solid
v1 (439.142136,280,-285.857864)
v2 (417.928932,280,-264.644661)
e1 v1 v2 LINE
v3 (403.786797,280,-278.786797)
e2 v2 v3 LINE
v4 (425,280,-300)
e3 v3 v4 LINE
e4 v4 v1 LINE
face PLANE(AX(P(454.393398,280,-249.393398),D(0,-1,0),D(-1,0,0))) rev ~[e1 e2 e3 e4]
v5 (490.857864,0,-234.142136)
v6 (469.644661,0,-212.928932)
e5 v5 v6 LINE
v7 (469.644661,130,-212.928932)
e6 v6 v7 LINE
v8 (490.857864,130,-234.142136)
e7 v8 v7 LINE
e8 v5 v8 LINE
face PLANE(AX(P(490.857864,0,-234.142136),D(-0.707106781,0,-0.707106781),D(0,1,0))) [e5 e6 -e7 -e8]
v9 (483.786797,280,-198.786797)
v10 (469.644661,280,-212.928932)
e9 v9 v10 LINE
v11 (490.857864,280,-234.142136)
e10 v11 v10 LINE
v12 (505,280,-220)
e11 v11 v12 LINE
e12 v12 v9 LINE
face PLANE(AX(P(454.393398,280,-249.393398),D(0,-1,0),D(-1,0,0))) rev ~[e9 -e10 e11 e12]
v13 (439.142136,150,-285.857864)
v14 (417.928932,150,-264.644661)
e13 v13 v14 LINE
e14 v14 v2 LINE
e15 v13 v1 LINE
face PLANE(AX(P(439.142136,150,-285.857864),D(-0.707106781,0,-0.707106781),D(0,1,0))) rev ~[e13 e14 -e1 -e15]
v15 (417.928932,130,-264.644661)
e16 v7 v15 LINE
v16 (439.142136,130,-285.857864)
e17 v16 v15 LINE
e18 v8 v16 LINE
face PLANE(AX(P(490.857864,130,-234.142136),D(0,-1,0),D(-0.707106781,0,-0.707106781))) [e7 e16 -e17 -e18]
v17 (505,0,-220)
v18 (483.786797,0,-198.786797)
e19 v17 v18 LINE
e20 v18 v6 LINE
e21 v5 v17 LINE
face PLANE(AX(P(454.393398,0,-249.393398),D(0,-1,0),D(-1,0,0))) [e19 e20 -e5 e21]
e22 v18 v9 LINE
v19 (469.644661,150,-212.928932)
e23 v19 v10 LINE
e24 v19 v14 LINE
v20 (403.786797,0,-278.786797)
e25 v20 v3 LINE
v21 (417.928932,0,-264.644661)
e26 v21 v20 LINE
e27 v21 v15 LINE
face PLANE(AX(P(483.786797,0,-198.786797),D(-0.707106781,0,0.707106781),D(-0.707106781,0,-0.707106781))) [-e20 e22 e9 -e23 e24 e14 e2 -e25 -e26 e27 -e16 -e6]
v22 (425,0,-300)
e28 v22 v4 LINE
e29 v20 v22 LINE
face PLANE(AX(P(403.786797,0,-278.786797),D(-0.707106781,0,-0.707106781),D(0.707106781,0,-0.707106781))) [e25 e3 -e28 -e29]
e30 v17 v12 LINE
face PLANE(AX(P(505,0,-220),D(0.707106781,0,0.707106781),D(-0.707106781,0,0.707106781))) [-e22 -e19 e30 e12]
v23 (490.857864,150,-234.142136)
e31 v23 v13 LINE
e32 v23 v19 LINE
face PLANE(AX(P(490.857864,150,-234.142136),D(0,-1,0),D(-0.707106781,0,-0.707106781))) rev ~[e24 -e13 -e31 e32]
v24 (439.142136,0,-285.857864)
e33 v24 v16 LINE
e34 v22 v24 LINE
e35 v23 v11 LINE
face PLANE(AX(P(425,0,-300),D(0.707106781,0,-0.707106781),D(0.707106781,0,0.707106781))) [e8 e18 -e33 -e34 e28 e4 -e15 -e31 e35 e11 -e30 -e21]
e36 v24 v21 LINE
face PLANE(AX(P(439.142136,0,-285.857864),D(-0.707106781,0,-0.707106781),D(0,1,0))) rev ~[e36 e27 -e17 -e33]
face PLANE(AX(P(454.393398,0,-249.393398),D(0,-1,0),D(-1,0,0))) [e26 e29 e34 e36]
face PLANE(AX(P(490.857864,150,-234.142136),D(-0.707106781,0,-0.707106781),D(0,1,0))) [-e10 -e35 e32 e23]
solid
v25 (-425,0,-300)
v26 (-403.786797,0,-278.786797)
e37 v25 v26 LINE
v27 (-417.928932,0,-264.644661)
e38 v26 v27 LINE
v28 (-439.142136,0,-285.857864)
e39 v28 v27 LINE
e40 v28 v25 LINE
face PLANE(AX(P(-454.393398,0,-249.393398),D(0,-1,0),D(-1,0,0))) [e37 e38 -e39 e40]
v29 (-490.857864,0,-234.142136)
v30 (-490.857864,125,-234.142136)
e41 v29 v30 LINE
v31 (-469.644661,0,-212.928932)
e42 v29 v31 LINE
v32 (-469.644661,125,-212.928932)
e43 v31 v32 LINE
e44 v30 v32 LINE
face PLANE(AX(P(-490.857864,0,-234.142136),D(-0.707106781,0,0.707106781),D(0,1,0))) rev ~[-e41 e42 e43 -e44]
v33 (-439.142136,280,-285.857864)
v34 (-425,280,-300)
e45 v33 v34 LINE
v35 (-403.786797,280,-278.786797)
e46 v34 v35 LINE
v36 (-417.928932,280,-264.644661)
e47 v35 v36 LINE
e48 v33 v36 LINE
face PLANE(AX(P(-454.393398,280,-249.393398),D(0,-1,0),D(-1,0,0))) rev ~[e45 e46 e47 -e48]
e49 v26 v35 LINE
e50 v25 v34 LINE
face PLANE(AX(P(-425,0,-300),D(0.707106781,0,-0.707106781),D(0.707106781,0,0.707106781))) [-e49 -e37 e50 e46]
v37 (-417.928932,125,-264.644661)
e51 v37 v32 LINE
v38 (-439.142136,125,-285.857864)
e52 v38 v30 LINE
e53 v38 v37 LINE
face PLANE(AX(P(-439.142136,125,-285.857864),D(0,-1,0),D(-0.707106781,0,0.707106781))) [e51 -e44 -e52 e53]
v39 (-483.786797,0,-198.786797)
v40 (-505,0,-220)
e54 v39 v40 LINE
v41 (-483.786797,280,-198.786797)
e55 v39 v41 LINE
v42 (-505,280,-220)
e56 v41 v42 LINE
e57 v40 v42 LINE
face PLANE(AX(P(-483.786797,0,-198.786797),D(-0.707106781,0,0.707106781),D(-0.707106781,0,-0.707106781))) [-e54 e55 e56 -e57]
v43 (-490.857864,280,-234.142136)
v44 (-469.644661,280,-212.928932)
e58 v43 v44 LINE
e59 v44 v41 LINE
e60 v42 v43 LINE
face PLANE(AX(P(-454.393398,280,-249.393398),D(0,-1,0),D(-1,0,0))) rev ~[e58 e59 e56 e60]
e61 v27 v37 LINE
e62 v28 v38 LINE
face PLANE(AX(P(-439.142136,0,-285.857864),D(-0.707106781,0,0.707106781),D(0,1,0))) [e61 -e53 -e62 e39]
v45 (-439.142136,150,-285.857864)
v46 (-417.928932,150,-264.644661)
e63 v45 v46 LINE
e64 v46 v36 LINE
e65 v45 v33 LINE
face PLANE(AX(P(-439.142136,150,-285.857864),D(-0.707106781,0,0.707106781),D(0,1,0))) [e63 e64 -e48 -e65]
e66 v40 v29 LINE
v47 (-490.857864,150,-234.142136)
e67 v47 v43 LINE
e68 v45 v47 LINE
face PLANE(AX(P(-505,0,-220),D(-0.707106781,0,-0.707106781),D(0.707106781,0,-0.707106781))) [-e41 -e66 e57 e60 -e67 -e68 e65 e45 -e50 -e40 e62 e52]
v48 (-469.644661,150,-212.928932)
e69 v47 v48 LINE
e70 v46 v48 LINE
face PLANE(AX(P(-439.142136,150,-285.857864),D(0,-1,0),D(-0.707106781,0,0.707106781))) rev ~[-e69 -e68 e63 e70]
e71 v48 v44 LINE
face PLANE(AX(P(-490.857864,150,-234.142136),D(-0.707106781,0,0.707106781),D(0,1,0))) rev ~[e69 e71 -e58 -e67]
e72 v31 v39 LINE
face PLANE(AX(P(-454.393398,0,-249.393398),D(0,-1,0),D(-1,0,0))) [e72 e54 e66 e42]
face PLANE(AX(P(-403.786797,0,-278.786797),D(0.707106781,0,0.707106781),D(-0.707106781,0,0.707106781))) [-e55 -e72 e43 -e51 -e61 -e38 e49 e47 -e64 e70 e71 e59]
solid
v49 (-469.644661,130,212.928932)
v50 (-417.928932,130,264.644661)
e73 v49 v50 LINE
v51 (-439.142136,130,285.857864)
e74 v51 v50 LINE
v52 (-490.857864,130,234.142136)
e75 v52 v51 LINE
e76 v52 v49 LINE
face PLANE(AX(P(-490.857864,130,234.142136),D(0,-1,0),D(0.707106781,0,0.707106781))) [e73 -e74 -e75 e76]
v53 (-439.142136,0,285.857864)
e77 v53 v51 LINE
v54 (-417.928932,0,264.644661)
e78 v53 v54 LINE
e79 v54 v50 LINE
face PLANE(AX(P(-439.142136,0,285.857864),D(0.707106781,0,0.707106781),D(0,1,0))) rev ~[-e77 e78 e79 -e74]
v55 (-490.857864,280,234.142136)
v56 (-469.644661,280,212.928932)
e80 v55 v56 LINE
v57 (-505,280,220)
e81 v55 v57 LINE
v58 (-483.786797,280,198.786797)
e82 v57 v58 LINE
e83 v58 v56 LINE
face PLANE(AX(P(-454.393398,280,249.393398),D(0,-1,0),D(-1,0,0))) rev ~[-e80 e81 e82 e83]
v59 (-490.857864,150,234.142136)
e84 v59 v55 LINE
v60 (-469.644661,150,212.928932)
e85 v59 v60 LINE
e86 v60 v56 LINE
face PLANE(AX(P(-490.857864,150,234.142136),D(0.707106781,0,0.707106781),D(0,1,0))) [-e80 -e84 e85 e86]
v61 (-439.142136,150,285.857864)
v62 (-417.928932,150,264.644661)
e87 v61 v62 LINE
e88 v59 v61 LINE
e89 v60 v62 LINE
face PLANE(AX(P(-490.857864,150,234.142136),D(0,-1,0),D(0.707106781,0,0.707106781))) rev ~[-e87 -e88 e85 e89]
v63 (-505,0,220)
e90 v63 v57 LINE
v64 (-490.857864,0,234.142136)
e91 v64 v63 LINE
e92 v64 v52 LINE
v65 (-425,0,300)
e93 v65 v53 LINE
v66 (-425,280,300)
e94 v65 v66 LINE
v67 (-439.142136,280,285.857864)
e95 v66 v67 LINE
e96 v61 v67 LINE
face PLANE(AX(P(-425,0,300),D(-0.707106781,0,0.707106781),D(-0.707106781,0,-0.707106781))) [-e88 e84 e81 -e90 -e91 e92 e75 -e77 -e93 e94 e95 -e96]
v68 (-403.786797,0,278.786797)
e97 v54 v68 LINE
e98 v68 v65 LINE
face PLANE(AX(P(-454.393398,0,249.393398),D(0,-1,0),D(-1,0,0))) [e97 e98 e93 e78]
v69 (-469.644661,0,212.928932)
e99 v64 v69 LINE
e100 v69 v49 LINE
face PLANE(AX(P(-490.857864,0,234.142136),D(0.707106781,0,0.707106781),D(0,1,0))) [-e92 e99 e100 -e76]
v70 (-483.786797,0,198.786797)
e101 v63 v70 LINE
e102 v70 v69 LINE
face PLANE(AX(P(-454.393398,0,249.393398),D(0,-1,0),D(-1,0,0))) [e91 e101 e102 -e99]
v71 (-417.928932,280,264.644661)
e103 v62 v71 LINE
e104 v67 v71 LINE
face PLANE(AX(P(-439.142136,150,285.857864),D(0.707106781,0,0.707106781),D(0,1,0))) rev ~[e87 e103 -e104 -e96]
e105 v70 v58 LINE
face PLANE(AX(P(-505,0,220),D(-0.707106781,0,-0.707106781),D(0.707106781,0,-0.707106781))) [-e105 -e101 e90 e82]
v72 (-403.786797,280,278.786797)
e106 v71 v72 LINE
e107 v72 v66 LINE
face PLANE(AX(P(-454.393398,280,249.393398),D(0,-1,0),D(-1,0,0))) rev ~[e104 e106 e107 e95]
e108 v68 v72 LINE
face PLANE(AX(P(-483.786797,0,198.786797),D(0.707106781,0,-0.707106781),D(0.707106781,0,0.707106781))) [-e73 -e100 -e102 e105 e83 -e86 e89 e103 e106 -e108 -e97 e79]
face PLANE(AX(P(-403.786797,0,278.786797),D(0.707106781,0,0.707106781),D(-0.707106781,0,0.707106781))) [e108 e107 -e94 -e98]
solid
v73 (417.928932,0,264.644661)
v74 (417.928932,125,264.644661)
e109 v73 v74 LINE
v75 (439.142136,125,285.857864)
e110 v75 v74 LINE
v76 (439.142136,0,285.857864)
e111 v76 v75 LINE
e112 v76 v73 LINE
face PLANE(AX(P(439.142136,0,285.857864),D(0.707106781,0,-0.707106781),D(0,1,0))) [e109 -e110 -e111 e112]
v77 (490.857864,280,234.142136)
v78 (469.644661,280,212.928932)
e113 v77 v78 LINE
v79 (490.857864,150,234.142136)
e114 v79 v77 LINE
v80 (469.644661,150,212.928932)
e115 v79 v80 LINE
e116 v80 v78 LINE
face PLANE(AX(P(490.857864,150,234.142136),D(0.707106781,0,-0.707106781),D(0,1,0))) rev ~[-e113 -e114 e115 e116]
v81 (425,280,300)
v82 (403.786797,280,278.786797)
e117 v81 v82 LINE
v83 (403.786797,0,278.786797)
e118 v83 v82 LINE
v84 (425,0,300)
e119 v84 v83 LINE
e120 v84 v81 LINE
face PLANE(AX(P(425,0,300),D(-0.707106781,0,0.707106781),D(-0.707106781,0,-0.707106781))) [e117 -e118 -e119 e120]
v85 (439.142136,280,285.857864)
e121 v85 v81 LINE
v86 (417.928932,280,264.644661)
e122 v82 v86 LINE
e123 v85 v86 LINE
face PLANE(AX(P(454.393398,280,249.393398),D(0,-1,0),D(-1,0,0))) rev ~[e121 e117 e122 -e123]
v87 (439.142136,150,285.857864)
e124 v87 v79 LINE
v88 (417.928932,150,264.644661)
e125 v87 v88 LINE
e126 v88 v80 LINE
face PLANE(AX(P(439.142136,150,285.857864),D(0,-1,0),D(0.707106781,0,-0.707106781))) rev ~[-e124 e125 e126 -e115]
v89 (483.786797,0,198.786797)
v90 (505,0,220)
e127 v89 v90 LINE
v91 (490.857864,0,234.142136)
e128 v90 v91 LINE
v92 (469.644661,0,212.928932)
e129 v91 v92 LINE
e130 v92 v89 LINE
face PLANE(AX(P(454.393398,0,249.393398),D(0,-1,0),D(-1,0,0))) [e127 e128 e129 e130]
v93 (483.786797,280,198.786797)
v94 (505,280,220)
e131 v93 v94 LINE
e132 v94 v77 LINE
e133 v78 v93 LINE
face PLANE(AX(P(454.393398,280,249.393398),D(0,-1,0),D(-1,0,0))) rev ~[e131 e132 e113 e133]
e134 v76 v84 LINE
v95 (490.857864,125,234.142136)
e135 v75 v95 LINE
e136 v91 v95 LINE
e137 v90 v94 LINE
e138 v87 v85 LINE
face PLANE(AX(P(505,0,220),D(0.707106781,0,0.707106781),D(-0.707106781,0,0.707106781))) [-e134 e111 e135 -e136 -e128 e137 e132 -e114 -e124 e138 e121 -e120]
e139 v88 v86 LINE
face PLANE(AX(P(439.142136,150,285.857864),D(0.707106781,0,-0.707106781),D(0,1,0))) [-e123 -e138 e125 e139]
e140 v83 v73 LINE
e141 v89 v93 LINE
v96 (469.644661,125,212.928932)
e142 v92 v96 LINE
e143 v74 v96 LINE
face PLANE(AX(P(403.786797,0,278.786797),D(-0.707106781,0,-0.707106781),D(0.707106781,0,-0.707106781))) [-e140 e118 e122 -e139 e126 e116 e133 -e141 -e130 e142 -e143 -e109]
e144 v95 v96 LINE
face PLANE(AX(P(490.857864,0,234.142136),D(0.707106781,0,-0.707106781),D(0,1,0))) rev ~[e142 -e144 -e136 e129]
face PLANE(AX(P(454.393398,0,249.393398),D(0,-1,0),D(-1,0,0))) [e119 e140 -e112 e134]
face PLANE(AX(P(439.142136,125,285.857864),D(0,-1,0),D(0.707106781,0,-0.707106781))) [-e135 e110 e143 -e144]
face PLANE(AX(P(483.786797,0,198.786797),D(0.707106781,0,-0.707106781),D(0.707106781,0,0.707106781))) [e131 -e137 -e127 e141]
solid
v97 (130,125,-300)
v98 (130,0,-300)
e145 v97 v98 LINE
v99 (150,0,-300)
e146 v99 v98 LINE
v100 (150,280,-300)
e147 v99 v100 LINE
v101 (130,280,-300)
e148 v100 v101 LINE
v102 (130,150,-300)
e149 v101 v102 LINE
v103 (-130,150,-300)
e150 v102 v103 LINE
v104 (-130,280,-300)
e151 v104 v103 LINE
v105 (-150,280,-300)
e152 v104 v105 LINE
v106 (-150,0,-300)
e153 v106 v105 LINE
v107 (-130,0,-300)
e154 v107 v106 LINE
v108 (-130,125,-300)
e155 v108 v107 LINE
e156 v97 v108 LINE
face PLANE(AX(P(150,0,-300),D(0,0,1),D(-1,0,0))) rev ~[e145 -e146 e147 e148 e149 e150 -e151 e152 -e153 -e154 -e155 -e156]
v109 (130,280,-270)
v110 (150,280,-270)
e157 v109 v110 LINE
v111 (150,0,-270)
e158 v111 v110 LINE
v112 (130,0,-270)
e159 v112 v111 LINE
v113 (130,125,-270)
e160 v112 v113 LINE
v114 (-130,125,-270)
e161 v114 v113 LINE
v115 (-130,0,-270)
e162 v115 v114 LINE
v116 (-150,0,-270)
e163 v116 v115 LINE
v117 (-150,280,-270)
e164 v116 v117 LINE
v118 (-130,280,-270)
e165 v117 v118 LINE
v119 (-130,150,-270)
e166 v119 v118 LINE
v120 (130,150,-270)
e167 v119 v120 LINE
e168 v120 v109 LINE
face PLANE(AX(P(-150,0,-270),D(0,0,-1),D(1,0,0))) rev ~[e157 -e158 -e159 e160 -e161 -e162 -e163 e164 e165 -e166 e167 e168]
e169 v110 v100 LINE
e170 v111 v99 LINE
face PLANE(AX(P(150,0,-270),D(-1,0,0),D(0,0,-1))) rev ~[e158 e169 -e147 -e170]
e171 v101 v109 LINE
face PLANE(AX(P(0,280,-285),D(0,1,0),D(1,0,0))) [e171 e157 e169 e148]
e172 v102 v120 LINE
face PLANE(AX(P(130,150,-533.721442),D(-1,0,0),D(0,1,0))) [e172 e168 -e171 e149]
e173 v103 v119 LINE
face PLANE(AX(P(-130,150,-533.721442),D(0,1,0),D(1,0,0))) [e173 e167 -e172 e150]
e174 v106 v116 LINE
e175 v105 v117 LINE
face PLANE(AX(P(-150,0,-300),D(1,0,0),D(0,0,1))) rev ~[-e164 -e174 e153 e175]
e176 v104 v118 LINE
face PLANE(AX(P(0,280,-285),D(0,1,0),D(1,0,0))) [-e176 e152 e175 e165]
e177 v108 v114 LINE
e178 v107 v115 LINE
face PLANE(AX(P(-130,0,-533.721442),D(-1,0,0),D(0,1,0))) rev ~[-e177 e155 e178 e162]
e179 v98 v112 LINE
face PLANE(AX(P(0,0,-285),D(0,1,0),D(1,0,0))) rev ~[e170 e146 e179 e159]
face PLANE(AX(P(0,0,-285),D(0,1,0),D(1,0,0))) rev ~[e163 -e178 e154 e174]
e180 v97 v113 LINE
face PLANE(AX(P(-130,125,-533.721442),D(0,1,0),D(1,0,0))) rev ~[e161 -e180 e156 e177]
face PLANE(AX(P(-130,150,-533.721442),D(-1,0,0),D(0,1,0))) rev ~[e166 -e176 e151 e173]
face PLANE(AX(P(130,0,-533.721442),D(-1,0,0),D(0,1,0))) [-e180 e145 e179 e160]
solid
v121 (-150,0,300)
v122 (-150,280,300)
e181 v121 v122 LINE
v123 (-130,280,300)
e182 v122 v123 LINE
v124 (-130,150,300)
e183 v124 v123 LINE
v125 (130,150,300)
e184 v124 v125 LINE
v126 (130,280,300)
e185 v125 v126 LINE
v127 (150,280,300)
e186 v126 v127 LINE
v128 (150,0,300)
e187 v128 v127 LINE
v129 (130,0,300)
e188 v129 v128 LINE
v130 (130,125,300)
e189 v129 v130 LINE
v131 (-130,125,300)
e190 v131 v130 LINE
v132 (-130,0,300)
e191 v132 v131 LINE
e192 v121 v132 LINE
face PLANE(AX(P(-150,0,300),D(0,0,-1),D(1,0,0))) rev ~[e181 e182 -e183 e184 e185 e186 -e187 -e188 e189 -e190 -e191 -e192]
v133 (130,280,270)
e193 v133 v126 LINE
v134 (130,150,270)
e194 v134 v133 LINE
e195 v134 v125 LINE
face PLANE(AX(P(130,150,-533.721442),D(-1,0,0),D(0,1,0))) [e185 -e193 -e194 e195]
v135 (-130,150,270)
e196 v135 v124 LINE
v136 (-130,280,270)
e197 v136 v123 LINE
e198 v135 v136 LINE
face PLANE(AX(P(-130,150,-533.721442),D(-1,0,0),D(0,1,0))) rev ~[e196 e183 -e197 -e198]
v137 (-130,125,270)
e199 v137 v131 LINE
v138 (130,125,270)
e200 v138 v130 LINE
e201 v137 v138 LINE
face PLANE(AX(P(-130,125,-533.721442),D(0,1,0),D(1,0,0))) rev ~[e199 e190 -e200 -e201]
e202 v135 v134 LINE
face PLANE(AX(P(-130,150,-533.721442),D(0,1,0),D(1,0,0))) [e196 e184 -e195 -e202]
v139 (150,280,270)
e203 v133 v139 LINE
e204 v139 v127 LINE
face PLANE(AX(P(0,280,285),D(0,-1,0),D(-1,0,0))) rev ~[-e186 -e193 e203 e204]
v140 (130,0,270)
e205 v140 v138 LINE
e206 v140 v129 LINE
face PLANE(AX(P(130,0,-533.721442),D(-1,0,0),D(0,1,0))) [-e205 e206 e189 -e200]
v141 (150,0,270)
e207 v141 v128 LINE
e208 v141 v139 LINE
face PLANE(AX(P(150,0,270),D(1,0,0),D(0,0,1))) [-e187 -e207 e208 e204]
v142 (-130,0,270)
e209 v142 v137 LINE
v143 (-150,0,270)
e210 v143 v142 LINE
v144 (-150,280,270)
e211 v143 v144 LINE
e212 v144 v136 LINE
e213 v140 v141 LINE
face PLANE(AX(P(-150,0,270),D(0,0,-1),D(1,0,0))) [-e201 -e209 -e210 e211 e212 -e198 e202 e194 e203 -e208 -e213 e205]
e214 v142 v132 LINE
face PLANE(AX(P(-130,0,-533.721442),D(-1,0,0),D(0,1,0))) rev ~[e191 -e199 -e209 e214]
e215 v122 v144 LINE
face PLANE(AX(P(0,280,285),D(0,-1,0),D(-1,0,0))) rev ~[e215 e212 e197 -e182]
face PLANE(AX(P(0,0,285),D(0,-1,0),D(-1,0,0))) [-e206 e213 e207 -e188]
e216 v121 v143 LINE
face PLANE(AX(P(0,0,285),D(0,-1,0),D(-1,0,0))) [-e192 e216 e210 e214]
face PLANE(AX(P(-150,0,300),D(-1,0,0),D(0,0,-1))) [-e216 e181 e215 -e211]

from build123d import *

# Parameters (mm, degrees)
EXTRUDE_1_DEPTH          = 280
EXTRUDE_1_2_DEPTH        = 280
EXTRUDE_1_3_DEPTH        = 280
EXTRUDE_1_4_DEPTH        = 280
EXTRUDE_1_5_DEPTH        = 280
EXTRUDE_1_6_DEPTH        = 280
CUT_EXTRUDE_1_DEPTH      = 833.72144202
CUT_EXTRUDE_1_DEPTH_BACK = 833.72144202
SKETCH_2_W               = 260
SKETCH_2_H               = 130
SKETCH_2_H_2             = 125
SKETCH_3_W               = 73.13708499
SKETCH_3_H               = 130
SKETCH_3_H_2             = 125
CUT_EXTRUDE_2_DEPTH      = 30
SKETCH_4_W               = 73.13708499
SKETCH_4_H               = 130
CUT_EXTRUDE_3_DEPTH      = 30
SKETCH_5_W               = 73.13708499
SKETCH_5_H               = 130
SKETCH_5_H_2             = 125
CUT_EXTRUDE_4_DEPTH      = 30
SKETCH_6_W               = 73.13708499
SKETCH_6_H               = 130
CUT_EXTRUDE_5_DEPTH      = 30


with BuildPart() as part:
    # 草图1 → 凸台-拉伸1 (new body)
    with BuildSketch(Plane(origin=(0, 0, 0), x_dir=(1, 0, 0), z_dir=(0, 1, 0))):
        Polygon((-505, 220), (-425, 300), (-403.786796564, 278.786796564), (-483.786796564, 198.786796564), align=None)
    extrude(amount=EXTRUDE_1_DEPTH)

    # 草图5 → 切除-拉伸4 (cut)
    with BuildSketch(Plane(origin=(-362.5, 0, -362.5), x_dir=(-0.7071067811865475, 0, 0.7071067811865477), z_dir=(-0.7071067811865477, 0, -0.7071067811865475))):
        with Locations((144.956890143, 215)):
            Rectangle(SKETCH_5_W, SKETCH_5_H)
        with Locations((144.956890143, 62.5)):
            Rectangle(SKETCH_5_W, SKETCH_5_H_2)
    extrude(amount=-CUT_EXTRUDE_4_DEPTH, mode=Mode.SUBTRACT)


with BuildPart() as body_2:
    # 草图1 → Extrude 1 2 (new body)
    with BuildSketch(Plane(origin=(0, 0, 0), x_dir=(1, 0, 0), z_dir=(0, 1, 0))):
        Polygon((-150, 270), (150, 270), (150, 300), (0, 300), (-150, 300), align=None)
    extrude(amount=EXTRUDE_1_2_DEPTH)


with BuildPart() as body_3:
    # 草图1 → Extrude 1 3 (new body)
    with BuildSketch(Plane(origin=(0, 0, 0), x_dir=(1, 0, 0), z_dir=(0, 1, 0))):
        Polygon((505, 220), (483.786796564, 198.786796564), (403.786796564, 278.786796564), (425, 300), align=None)
    extrude(amount=EXTRUDE_1_3_DEPTH)

    # 草图4 → 切除-拉伸3 (cut)
    with BuildSketch(Plane(origin=(362.5, 0, -362.5), x_dir=(-0.7071067811865475, 0, -0.7071067811865477), z_dir=(0.7071067811865477, 0, -0.7071067811865475))):
        with Locations((-144.956890143, 215)):
            Rectangle(SKETCH_4_W, SKETCH_4_H)
        with Locations((-144.956890143, 65)):
            Rectangle(SKETCH_4_W, SKETCH_4_H)
    extrude(amount=-CUT_EXTRUDE_3_DEPTH, mode=Mode.SUBTRACT)


with BuildPart() as body_4:
    # 草图1 → Extrude 1 4 (new body)
    with BuildSketch(Plane(origin=(0, 0, 0), x_dir=(1, 0, 0), z_dir=(0, 1, 0))):
        Polygon((505, -220), (425, -300), (403.786796564, -278.786796564), (483.786796564, -198.786796564), align=None)
    extrude(amount=EXTRUDE_1_4_DEPTH)

    # 草图3 → 切除-拉伸2 (cut)
    with BuildSketch(Plane(origin=(362.5, 0, 362.5), x_dir=(0.7071067811865475, 0, -0.7071067811865477), z_dir=(0.7071067811865477, 0, 0.7071067811865475))):
        with Locations((144.956890143, 215)):
            Rectangle(SKETCH_3_W, SKETCH_3_H)
        with Locations((144.956890143, 62.5)):
            Rectangle(SKETCH_3_W, SKETCH_3_H_2)
    extrude(amount=-CUT_EXTRUDE_2_DEPTH, mode=Mode.SUBTRACT)


with BuildPart() as body_5:
    # 草图1 → Extrude 1 5 (new body)
    with BuildSketch(Plane(origin=(0, 0, 0), x_dir=(1, 0, 0), z_dir=(0, 1, 0))):
        Polygon((-150, -300), (-150, -270), (150, -270), (150, -300), (0, -300), align=None)
    extrude(amount=EXTRUDE_1_5_DEPTH)


with BuildPart() as body_6:
    # 草图1 → Extrude 1 6 (new body)
    with BuildSketch(Plane(origin=(0, 0, 0), x_dir=(1, 0, 0), z_dir=(0, 1, 0))):
        Polygon((-505, -220), (-483.786796564, -198.786796564), (-403.786796564, -278.786796564), (-425, -300), align=None)
    extrude(amount=EXTRUDE_1_6_DEPTH)

    # 草图6 → 切除-拉伸5 (cut)
    with BuildSketch(Plane(origin=(-362.5, 0, 362.5), x_dir=(0.7071067811865475, 0, 0.7071067811865477), z_dir=(-0.7071067811865477, 0, 0.7071067811865475))):
        with Locations((-144.956890143, 215)):
            Rectangle(SKETCH_6_W, SKETCH_6_H)
        with Locations((-144.956890143, 65)):
            Rectangle(SKETCH_6_W, SKETCH_6_H)
    extrude(amount=-CUT_EXTRUDE_5_DEPTH, mode=Mode.SUBTRACT)


with BuildPart() as cut_extrude_1_tool:
    # 草图2 → 切除-拉伸1 (new, two sides: drawn at the far end of the back side and taken through both)
    with BuildSketch(Plane.XY.offset(300).offset(-CUT_EXTRUDE_1_DEPTH_BACK)):
        with Locations((0, 215)):
            Rectangle(SKETCH_2_W, SKETCH_2_H)
        with Locations((0, 62.5)):
            Rectangle(SKETCH_2_W, SKETCH_2_H_2)
    extrude(amount=CUT_EXTRUDE_1_DEPTH + CUT_EXTRUDE_1_DEPTH_BACK)


with BuildPart() as body_2_1:
    add(body_2.part)

    # 切除-拉伸1: cut by cut_extrude_1_tool
    add(cut_extrude_1_tool.part, mode=Mode.SUBTRACT)


with BuildPart() as body_5_1:
    add(body_5.part)

    # 切除-拉伸1: cut by cut_extrude_1_tool
    add(cut_extrude_1_tool.part, mode=Mode.SUBTRACT)


solid = Compound([part.part, body_3.part, body_4.part, body_6.part, body_2_1.part, body_5_1.part])
